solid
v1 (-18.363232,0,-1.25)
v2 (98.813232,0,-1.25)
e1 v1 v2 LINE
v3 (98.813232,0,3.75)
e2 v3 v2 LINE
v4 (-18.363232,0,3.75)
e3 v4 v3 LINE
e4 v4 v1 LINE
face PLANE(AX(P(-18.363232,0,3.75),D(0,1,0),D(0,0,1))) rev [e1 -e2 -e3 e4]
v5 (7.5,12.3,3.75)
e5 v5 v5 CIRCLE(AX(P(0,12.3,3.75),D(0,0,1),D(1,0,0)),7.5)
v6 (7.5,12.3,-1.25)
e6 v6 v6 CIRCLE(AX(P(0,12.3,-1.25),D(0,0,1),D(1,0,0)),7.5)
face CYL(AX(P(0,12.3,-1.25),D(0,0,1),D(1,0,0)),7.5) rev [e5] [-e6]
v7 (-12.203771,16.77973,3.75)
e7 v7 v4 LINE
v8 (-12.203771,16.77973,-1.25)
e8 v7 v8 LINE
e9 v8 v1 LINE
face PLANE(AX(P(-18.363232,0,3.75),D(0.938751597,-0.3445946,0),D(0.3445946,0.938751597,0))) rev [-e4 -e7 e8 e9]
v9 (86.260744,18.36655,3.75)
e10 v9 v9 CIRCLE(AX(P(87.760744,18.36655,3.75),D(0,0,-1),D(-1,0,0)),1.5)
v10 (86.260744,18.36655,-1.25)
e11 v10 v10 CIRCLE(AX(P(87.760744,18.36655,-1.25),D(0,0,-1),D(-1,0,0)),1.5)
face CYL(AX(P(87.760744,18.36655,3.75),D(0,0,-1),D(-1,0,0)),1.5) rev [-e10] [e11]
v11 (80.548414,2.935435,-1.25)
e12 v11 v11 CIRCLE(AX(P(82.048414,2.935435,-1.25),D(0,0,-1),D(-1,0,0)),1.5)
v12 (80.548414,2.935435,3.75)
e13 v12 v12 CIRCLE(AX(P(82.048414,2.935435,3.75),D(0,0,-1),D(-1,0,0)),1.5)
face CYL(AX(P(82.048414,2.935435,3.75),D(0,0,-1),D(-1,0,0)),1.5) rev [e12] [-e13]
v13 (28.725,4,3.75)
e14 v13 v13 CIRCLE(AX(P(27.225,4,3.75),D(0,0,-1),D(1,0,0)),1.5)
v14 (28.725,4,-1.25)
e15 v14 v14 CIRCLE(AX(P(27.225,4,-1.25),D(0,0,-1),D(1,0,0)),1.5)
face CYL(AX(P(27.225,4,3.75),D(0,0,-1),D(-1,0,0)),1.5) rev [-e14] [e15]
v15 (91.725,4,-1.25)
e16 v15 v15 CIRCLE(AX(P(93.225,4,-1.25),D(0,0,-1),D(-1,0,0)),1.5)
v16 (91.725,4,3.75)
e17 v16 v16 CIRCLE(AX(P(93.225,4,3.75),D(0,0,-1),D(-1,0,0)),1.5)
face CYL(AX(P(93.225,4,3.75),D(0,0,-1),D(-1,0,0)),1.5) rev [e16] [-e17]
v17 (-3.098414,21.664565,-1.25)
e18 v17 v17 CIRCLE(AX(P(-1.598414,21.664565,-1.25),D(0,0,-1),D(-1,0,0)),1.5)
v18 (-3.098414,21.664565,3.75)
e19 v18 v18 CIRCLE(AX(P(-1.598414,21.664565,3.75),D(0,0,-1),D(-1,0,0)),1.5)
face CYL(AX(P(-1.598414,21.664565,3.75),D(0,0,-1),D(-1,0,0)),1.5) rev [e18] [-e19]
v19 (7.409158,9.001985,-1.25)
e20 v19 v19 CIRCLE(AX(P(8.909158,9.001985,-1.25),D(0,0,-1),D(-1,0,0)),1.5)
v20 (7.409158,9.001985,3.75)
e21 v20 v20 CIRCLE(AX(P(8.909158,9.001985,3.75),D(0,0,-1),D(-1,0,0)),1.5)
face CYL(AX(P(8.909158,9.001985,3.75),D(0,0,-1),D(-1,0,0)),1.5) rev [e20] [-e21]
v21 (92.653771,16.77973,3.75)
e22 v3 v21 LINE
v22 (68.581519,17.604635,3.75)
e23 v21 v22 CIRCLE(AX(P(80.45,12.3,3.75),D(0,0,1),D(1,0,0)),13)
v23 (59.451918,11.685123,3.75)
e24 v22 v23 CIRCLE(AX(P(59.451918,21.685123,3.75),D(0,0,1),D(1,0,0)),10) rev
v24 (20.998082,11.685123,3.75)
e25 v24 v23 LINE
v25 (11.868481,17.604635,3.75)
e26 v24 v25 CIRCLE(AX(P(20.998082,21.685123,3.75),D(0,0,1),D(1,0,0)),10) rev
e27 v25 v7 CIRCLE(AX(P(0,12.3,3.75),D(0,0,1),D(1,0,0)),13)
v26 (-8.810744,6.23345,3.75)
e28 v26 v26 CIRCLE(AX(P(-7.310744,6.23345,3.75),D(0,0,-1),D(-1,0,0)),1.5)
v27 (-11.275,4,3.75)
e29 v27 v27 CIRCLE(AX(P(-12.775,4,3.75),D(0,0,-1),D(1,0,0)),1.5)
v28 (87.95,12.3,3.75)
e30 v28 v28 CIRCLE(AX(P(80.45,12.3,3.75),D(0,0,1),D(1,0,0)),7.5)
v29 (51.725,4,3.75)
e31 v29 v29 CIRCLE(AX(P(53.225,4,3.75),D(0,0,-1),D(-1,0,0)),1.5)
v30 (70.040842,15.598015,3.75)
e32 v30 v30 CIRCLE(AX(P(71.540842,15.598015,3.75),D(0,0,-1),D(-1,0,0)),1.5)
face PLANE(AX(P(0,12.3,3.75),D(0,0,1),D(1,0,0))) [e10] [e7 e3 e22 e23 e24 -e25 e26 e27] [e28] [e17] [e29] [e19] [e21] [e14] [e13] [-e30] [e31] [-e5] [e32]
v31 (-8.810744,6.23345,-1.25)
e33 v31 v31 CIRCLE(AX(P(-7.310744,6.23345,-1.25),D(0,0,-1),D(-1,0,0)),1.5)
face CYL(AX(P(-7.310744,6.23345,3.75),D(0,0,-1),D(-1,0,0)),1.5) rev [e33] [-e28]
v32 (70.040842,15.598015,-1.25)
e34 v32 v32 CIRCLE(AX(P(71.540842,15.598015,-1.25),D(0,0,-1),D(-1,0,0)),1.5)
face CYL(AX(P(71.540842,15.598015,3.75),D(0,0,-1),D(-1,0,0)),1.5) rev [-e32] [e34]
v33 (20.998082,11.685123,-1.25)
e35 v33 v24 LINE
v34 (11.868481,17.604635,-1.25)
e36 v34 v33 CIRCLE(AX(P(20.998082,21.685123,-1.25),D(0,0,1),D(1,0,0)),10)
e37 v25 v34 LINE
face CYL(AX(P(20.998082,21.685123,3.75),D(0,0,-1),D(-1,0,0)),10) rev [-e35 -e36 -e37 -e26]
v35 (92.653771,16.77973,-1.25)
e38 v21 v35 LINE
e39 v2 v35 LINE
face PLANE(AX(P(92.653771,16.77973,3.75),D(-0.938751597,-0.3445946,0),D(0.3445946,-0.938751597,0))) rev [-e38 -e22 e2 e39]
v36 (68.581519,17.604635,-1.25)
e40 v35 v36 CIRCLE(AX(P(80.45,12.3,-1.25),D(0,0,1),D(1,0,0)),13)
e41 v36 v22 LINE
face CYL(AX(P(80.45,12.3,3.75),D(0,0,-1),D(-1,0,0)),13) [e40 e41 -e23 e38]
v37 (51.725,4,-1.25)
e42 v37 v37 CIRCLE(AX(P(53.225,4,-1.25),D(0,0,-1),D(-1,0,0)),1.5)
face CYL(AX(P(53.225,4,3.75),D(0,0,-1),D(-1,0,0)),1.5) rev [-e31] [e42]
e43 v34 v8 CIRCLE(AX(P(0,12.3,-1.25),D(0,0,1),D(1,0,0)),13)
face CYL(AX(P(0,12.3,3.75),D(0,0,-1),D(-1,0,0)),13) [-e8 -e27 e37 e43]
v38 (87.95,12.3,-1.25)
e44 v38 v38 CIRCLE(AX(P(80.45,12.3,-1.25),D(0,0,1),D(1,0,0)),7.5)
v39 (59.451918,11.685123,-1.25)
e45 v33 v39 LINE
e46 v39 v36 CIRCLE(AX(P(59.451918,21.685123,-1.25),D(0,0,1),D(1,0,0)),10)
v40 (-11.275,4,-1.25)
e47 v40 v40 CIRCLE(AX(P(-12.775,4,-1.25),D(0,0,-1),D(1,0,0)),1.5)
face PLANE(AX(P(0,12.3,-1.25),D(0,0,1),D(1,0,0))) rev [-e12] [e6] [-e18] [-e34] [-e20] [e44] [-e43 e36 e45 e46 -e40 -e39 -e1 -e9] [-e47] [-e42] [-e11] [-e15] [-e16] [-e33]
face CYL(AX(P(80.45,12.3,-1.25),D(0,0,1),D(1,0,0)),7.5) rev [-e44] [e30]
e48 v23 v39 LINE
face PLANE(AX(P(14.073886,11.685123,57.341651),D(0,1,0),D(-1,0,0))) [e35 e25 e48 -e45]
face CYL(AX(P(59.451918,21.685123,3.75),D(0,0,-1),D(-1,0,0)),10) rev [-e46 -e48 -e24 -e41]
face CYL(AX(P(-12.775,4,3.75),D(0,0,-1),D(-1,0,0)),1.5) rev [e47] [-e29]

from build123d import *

# Parameters (mm, degrees)
EXTRUDE_START          = 1.25
EXTRUDE_1_DEPTH        = 2.5
SKETCH_2_R             = 7.5
CUT_EXTRUDE_1_DEPTH    = 32.659095027
PATTERN_LINEAR_1_COUNT = 2
PATTERN_LINEAR_1_PITCH = 80.45
SKETCH_3_W             = 52.302227504
SKETCH_3_H             = 11.68512329
EXTRUDE_2_DEPTH        = 5
FILLET_1_R             = 10
SKETCH_4_R             = 1.5
CUT_EXTRUDE_2_DEPTH    = 103.123184877
SKETCH_5_R             = 1.5
CUT_EXTRUDE_3_DEPTH    = 103.123184877


with BuildPart() as part:
    # 草图1 → 凸台-拉伸1 (new, symmetric)
    with BuildSketch(Plane.XY.offset(EXTRUDE_START)):
        with BuildLine():
            Line((-18.36323223, 0), (18.36323223, 0))
            Line((18.36323223, 0), (12.203770764, 16.779729806))
            ThreePointArc((12.203770764, 16.779729806), (0, 25.3), (-12.203770764, 16.779729806))
            Line((-12.203770764, 16.779729806), (-18.36323223, 0))
        make_face()
    extrude(amount=EXTRUDE_1_DEPTH, both=True)

    # 草图2 → 切除-拉伸1 (cut, through all)
    with BuildSketch(Plane.XY.offset(3.75)):
        with Locations((0, 12.3)):
            Circle(SKETCH_2_R)
    extrude(amount=-CUT_EXTRUDE_1_DEPTH, mode=Mode.SUBTRACT)


with BuildPart() as pattern_linear_1_1:
    # 阵列(线性)1: pattern copy
    add(part.part.moved(Location(Vector(1, 0, 0) * (1 * PATTERN_LINEAR_1_PITCH))))


with BuildPart() as part_1:
    add(part.part)

    add(pattern_linear_1_1.part)  # 凸台-拉伸2 merges 阵列(线性)1_1
    # 草图3 → 凸台-拉伸2 (add)
    with BuildSketch(Plane(origin=(0, 0, -1.25), x_dir=(-1, 0, 0), z_dir=(0, 0, -1))):
        with Locations((-40.225, 5.842561645)):
            Rectangle(SKETCH_3_W, SKETCH_3_H)
    extrude(amount=-EXTRUDE_2_DEPTH)

    # 圆角1
    fillet_1_edges = [part_1.edges().sort_by_distance(p)[0] for p in [
        (14.073886248, 11.68512329, 1.25),
        (66.376113752, 11.68512329, 1.25),
    ]]
    fillet(fillet_1_edges, radius=FILLET_1_R)

    # 草图4 → 切除-拉伸2 (cut, through all)
    with BuildSketch(Plane(origin=(0, 0, -1.25), x_dir=(-1, 0, 0), z_dir=(0, 0, -1))):
        with Locations((1.598414444, 21.66456466)):
            Circle(SKETCH_4_R)
        with Locations((7.310743669, 6.233450156)):
            Circle(SKETCH_4_R)
        with Locations((-8.909158113, 9.001985185)):
            Circle(SKETCH_4_R)
        with Locations((-71.540841887, 15.598014815)):
            Circle(SKETCH_4_R)
        with Locations((-82.048414444, 2.93543534)):
            Circle(SKETCH_4_R)
        with Locations((-87.760743669, 18.366549844)):
            Circle(SKETCH_4_R)
    extrude(amount=-CUT_EXTRUDE_2_DEPTH, mode=Mode.SUBTRACT)

    # 草图5 → 切除-拉伸3 (cut, through all)
    with BuildSketch(Plane(origin=(0, 0, -1.25), x_dir=(-1, 0, 0), z_dir=(0, 0, -1))):
        with Locations((-93.225, 4)):
            Circle(SKETCH_5_R)
        with Locations((-53.225, 4)):
            Circle(SKETCH_5_R)
        with Locations(Location((12.775, 4, 0), (0, 0, 180))):
            Circle(SKETCH_5_R)
        with Locations(Location((-27.225, 4, 0), (0, 0, 180))):
            Circle(SKETCH_5_R)
    extrude(amount=-CUT_EXTRUDE_3_DEPTH, mode=Mode.SUBTRACT)


solid = part_1.part
